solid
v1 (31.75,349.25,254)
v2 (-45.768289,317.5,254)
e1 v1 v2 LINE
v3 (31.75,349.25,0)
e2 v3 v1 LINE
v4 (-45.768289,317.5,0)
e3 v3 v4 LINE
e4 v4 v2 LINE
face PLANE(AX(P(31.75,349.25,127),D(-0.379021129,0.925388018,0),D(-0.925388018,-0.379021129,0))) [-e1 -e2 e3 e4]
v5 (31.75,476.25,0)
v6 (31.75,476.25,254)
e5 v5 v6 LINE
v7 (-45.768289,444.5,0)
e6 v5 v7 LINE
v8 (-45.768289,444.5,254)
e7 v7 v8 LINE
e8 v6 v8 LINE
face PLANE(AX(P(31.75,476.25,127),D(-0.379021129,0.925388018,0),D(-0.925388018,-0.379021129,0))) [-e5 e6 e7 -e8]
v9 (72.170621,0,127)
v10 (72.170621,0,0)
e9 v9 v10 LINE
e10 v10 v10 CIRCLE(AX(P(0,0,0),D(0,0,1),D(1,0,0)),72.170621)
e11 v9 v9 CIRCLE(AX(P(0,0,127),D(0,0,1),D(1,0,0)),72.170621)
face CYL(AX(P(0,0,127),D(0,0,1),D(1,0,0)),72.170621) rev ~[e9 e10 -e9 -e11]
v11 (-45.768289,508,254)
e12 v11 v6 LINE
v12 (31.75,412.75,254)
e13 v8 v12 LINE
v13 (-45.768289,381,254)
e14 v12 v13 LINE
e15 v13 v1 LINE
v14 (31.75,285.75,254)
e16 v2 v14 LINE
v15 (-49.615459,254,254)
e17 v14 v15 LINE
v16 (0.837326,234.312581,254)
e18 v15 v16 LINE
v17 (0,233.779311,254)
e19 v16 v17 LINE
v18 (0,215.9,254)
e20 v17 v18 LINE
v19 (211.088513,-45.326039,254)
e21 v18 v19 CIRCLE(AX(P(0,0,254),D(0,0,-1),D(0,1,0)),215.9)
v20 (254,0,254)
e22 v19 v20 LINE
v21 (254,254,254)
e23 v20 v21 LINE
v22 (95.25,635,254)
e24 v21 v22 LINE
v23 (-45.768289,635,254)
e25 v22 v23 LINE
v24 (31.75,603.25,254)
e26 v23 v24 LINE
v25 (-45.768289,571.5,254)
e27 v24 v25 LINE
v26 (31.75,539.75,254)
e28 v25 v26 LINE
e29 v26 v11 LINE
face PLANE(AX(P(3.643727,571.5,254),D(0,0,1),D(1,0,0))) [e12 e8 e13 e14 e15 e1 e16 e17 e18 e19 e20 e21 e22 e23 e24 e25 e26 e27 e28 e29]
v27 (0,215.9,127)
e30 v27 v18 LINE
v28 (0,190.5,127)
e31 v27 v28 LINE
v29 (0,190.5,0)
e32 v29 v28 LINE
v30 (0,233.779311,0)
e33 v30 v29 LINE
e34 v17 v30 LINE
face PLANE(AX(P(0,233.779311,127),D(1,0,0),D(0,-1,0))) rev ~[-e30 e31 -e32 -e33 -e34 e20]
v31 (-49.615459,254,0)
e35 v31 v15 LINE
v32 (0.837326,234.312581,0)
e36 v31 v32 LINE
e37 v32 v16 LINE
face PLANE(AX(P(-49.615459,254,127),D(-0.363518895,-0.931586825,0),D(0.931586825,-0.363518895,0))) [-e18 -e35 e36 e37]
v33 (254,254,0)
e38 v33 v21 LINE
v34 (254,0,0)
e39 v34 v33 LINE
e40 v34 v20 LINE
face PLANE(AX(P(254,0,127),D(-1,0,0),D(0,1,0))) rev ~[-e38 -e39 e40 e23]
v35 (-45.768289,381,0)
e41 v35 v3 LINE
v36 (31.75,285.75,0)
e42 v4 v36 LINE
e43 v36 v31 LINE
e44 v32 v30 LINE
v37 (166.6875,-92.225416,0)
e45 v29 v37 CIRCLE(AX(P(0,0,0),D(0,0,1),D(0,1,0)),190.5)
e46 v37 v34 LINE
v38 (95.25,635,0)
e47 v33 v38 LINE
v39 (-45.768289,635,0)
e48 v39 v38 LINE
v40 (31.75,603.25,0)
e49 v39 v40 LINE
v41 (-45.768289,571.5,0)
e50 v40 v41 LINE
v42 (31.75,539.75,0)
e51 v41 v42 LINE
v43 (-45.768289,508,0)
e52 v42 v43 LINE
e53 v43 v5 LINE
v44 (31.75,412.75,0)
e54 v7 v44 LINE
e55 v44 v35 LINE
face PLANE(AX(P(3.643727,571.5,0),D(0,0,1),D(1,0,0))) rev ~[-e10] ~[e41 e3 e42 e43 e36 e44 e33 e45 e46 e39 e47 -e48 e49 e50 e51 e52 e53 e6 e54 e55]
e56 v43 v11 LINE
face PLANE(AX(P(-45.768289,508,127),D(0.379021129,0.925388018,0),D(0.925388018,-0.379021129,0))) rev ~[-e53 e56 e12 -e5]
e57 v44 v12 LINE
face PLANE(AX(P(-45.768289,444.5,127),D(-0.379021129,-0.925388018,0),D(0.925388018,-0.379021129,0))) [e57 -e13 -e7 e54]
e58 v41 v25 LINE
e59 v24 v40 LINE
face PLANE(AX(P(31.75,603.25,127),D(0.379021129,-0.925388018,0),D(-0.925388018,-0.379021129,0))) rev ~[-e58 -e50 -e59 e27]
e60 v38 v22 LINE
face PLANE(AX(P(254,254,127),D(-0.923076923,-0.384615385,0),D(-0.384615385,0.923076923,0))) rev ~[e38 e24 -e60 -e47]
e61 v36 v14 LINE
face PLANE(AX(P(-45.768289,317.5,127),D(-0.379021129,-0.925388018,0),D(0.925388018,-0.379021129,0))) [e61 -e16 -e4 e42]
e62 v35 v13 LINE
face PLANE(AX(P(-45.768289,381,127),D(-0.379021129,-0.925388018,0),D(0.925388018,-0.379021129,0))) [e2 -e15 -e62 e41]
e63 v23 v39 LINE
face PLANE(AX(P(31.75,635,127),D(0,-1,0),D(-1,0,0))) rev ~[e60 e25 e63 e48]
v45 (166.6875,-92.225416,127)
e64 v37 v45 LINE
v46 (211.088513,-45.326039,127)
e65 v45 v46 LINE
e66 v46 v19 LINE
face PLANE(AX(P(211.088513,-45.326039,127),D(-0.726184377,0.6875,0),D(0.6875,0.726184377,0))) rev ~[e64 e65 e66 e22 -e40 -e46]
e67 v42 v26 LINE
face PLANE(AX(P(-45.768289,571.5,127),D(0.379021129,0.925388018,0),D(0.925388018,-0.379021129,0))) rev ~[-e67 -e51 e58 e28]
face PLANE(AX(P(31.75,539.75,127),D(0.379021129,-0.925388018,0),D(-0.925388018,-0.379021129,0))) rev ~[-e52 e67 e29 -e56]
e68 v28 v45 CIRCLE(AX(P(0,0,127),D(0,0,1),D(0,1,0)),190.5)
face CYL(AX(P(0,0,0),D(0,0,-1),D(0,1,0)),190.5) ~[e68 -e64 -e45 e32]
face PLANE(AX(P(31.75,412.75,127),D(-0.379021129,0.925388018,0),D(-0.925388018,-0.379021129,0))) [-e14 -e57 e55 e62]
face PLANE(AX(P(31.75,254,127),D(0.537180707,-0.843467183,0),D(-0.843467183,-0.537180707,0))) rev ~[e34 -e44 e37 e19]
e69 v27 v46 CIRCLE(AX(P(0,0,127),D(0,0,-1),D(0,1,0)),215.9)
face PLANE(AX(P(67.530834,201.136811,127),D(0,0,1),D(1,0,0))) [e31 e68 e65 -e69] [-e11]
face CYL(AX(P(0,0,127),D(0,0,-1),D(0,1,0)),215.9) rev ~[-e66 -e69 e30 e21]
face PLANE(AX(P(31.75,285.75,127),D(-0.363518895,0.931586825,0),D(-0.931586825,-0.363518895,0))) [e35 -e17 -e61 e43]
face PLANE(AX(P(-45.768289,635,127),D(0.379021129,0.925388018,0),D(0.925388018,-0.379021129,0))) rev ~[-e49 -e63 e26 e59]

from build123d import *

# Parameters (mm, degrees)
F1_DEPTH      = 127
F3_DEPTH      = 127
F5_DEPTH      = 127
F5_DEPTH_BACK = 127
F6_R          = 72.1706207076
F7_DEPTH      = 266.7


with BuildPart() as f1:
    # F0 (on Top) → F1 (new body)
    with BuildSketch(Plane.XY):
        with BuildLine():
            Line((0, 233.7793111801), (0, 190.5))
            ThreePointArc((0, 190.5), (-164.1023944599, -96.7504735519), (166.6875, -92.2254159316))
            Line((166.6875, -92.2254159316), (254, 0))
            Line((254, 0), (254, 254))
            Line((254, 254), (95.25, 635))
            Line((95.25, 635), (31.75, 635))
            Line((31.75, 635), (31.75, 254))
            Line((31.75, 254), (0, 233.7793111801))
        make_face()
    extrude(amount=F1_DEPTH)

    # F2 (on face) → F3 (join)
    with BuildSketch(Plane.XY.offset(127)):
        with BuildLine():
            ThreePointArc((0, 215.9), (167.9266235199, 135.696201543), (211.0885127336, -45.3260387846))
            Line((211.0885127336, -45.3260387846), (254, 0))
            Line((254, 0), (254, 254))
            Line((254, 254), (95.25, 635))
            Line((95.25, 635), (31.75, 635))
            Line((31.75, 635), (31.75, 254))
            Line((31.75, 254), (0, 233.7793111801))
            Line((0, 233.7793111801), (0, 215.9))
        make_face()
    extrude(amount=F3_DEPTH)

    # F4 (on face) → F5 (join, two sides)
    with BuildSketch(Plane.XY.offset(127)) as f5_sk:
        Polygon((31.75, 539.75), (31.75, 603.25), (-45.7682893979, 571.5), align=None)
        Polygon((31.75, 254.0089488029), (31.75, 285.75), (-49.6154587908, 254), (31.75, 222.25), align=None)
        Polygon((31.75, 285.75), (31.75, 349.25), (-45.7682893979, 317.5), align=None)
        Polygon((31.75, 349.25), (31.75, 412.75), (-45.7682893979, 381), align=None)
        Polygon((31.75, 412.75), (31.75, 476.25), (-45.7682893979, 444.5), align=None)
        Polygon((31.75, 476.25), (31.75, 539.75), (-45.7682893979, 508), align=None)
        Polygon((-45.7682893979, 635), (31.75, 603.25), (31.75, 635), align=None)
    extrude(amount=-F5_DEPTH)
    extrude(f5_sk.sketch, amount=F5_DEPTH_BACK)

    # F6 (on face) → F7 (cut)
    with BuildSketch(Plane.XY.offset(127)):
        Circle(F6_R)
    extrude(amount=-F7_DEPTH, mode=Mode.SUBTRACT)


solid = f1.part
